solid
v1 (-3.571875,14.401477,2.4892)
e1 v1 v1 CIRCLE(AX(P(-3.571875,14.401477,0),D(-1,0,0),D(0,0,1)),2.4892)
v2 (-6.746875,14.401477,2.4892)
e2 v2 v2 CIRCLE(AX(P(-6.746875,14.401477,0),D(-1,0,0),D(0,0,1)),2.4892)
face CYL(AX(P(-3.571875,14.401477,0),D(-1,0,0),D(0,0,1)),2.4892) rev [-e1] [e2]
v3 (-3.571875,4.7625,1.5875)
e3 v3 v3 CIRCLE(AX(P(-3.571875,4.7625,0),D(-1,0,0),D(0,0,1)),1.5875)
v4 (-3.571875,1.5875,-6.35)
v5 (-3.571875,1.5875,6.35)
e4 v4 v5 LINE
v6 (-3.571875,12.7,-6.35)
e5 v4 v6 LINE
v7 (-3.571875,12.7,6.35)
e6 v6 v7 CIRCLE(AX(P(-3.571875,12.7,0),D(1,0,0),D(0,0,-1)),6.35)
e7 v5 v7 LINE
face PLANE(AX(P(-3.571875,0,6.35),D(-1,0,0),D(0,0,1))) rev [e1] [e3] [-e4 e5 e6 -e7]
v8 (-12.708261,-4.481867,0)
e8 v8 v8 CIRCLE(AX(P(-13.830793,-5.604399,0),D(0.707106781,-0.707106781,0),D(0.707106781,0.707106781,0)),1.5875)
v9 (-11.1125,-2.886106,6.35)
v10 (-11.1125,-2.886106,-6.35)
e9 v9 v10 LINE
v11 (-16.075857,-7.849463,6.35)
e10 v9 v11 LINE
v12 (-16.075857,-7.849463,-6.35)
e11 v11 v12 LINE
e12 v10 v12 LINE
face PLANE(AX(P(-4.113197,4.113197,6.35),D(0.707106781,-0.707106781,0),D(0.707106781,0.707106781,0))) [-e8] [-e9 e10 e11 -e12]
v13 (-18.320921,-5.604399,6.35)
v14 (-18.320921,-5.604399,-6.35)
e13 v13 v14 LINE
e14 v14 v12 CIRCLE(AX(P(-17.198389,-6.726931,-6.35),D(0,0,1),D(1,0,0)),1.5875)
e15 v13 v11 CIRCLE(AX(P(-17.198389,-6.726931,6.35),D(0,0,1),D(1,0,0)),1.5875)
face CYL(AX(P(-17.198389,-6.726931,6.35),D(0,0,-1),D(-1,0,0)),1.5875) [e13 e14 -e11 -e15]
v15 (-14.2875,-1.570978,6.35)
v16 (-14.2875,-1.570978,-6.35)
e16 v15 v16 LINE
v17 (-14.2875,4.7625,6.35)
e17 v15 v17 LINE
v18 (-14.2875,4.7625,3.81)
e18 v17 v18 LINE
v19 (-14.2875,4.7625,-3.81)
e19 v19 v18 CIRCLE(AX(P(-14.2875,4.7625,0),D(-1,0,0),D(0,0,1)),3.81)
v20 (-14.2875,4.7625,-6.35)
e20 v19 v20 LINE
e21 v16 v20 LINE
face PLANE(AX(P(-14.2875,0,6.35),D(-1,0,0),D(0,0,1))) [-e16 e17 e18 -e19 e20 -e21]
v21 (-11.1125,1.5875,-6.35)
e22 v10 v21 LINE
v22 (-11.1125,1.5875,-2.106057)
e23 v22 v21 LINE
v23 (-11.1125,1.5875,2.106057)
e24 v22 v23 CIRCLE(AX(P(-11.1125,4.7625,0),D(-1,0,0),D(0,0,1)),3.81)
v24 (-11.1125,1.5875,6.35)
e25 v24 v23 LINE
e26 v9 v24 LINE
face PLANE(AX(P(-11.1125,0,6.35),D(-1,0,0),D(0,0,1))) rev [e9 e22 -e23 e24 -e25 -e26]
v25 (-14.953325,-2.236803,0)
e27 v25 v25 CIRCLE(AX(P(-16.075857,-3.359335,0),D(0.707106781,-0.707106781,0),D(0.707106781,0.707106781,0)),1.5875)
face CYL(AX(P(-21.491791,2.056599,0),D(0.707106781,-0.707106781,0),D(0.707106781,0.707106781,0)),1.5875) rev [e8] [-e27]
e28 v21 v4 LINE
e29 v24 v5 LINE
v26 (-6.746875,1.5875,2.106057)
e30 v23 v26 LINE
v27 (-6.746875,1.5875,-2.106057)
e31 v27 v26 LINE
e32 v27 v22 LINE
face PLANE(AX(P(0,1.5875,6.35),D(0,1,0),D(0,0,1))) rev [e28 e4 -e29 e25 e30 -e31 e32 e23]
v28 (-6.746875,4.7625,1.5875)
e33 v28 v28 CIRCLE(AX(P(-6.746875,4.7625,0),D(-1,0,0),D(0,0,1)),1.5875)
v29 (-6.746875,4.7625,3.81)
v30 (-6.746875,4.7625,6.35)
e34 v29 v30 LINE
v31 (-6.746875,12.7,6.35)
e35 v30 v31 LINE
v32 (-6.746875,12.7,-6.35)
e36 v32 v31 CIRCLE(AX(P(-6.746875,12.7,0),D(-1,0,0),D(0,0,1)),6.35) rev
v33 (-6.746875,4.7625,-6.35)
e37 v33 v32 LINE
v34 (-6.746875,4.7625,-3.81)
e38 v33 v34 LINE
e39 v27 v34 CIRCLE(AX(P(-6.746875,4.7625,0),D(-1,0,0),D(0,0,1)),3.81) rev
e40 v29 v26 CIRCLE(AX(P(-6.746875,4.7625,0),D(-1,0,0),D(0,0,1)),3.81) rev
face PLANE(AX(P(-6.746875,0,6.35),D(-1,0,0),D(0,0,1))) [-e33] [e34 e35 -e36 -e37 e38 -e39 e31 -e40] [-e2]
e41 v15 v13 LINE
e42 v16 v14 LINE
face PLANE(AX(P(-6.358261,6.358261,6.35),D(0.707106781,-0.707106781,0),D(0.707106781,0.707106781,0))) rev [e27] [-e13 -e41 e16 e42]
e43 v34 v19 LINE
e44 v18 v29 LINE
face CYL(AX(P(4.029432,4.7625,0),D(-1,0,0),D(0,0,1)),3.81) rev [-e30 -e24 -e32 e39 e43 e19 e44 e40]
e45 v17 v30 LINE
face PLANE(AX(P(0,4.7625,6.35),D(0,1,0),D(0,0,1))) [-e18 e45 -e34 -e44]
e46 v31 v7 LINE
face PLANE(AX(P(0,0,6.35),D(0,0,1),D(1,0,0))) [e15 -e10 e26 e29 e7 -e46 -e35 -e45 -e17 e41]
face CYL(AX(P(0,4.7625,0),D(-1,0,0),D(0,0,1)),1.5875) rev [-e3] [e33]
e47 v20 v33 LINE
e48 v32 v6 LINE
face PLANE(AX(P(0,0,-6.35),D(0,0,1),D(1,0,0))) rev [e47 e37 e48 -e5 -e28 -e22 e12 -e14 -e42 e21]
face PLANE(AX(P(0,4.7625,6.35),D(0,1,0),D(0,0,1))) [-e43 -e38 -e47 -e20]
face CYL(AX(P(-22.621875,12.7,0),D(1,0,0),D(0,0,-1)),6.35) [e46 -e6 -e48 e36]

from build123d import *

# Parameters (mm, degrees)
BOSS_EXTRUDE1_DEPTH     = 6.35
SKETCH3_R               = 1.5875
CUT_EXTRUDE1_DEPTH      = 12.696129591
CUT_EXTRUDE1_DEPTH_BACK = 11.834286606
SKETCH4_W               = 3.175
SKETCH4_H               = 7.9375
BOSS_EXTRUDE3_DEPTH     = 6.35
SKETCH5_R               = 3.81
CUT_EXTRUDE2_DEPTH      = 7.540625
SKETCH6_R               = 1.5875
CUT_EXTRUDE3_DEPTH      = 15.2875
SKETCH7_W               = 3.571875
SKETCH7_H               = 3.175
CUT_EXTRUDE4_DEPTH      = 13.7
BOSS_EXTRUDE4_DEPTH     = 3.175
CUT_EXTRUDE5_DEPTH      = 13.039014125
CUT_EXTRUDE5_DEPTH_BACK = 4.175


with BuildPart() as part:
    # Sketch2 → Boss-Extrude1 (new body, symmetric)
    with BuildSketch(Plane.XY):
        with BuildLine():
            Line((-14.2875, -1.570977871), (-18.32092114, -5.604399011))
            ThreePointArc((-18.32092114, -5.604399011), (-18.32092114, -7.849463042), (-16.07585711, -7.849463042))
            Line((-16.07585711, -7.849463042), (-11.1125, -2.886105932))
            Line((-11.1125, -2.886105932), (-11.1125, 1.5875))
            Line((-11.1125, 1.5875), (0, 1.5875))
            Line((0, 1.5875), (0, 4.7625))
            Line((0, 4.7625), (-14.2875, 4.7625))
            Line((-14.2875, 4.7625), (-14.2875, -1.570977871))
        make_face()
    extrude(amount=BOSS_EXTRUDE1_DEPTH, both=True)

    # Sketch3 → Cut-Extrude1 (cut, two sides)
    with BuildSketch(Plane(origin=(-4.113197034, 4.113197034, 0), x_dir=(0, 0, -1), z_dir=(0.707106781, -0.707106781, 0))) as cut_extrude1_sk:
        with Locations((0, -13.742756121)):
            Circle(SKETCH3_R)
    extrude(amount=CUT_EXTRUDE1_DEPTH, mode=Mode.SUBTRACT)
    extrude(cut_extrude1_sk.sketch, amount=-CUT_EXTRUDE1_DEPTH_BACK, mode=Mode.SUBTRACT)

    # Sketch4 → Boss-Extrude3 (add, symmetric)
    with BuildSketch(Plane.XY):
        with Locations((-5.159375, 5.55625)):
            Rectangle(SKETCH4_W, SKETCH4_H)
    extrude(amount=BOSS_EXTRUDE3_DEPTH, both=True)

    # Sketch5 → Cut-Extrude2 (cut)
    with BuildSketch(Plane.ZY.offset(14.2875)):
        with Locations((0, 4.7625)):
            Circle(SKETCH5_R)
    extrude(amount=-CUT_EXTRUDE2_DEPTH, mode=Mode.SUBTRACT)

    # Sketch6 → Cut-Extrude3 (cut, through all)
    with BuildSketch(Plane.ZY.offset(14.2875)):
        with Locations((0, 4.7625)):
            Circle(SKETCH6_R)
    extrude(amount=-CUT_EXTRUDE3_DEPTH, mode=Mode.SUBTRACT)

    # Sketch7 → Cut-Extrude4 (cut, through all)
    with BuildSketch(Plane.XY.offset(6.35)):
        with Locations((-1.7859375, 3.175)):
            Rectangle(SKETCH7_W, SKETCH7_H)
    extrude(amount=-CUT_EXTRUDE4_DEPTH, mode=Mode.SUBTRACT)

    # Sketch8 → Boss-Extrude4 (add)
    with BuildSketch(Plane(origin=(-3.571875, 0, 0), x_dir=(0, 0, -1), z_dir=(1, 0, 0))):
        with BuildLine():
            ThreePointArc((6.35, 12.7), (0, 19.05), (-6.35, 12.7))
            ThreePointArc((-6.35, 12.7), (-6.133628997, 11.056499064), (-5.499261314, 9.525))
            Line((-5.499261314, 9.525), (5.499261314, 9.525))
            ThreePointArc((5.499261314, 9.525), (6.133628997, 11.056499064), (6.35, 12.7))
        make_face()
        with BuildLine():
            Line((5.499261314, 9.525), (-5.499261314, 9.525))
            ThreePointArc((-5.499261314, 9.525), (0, 6.35), (5.499261314, 9.525))
        make_face()
        with BuildLine():
            Line((-6.35, 12.7), (-6.35, 9.525))
            Line((-6.35, 9.525), (-5.499261314, 9.525))
            ThreePointArc((-5.499261314, 9.525), (-6.133628997, 11.056499064), (-6.35, 12.7))
        make_face()
        with BuildLine():
            Line((6.35, 9.525), (6.35, 12.7))
            ThreePointArc((6.35, 12.7), (6.133628997, 11.056499064), (5.499261314, 9.525))
            Line((5.499261314, 9.525), (6.35, 9.525))
        make_face()
    extrude(amount=-BOSS_EXTRUDE4_DEPTH)

    # Sketch9 → Cut-Extrude5 (cut, two sides)
    with BuildSketch(Plane.ZY.offset(6.746875)) as cut_extrude5_sk:
        with BuildLine():
            ThreePointArc((-2.404382567, 13.757225005), (0, 11.912277372), (2.404382567, 13.757225005))
            Line((2.404382567, 13.757225005), (0, 14.401477372))
            Line((0, 14.401477372), (-2.404382567, 13.757225005))
        make_face()
        with BuildLine():
            Line((0, 14.401477372), (2.404382567, 13.757225005))
            ThreePointArc((2.404382567, 13.757225005), (2.467904549, 14.076571574), (2.4892, 14.401477372))
            ThreePointArc((2.4892, 14.401477372), (2.467904549, 14.72638317), (2.404382567, 15.045729739))
            Line((2.404382567, 15.045729739), (0, 14.401477372))
        make_face()
        with BuildLine():
            Line((-2.404382567, 13.757225005), (0, 14.401477372))
            Line((0, 14.401477372), (-2.404382567, 15.045729739))
            ThreePointArc((-2.404382567, 15.045729739), (-2.4892, 14.401477372), (-2.404382567, 13.757225005))
        make_face()
        with BuildLine():
            Line((-2.404382567, 15.045729739), (0, 14.401477372))
            Line((0, 14.401477372), (2.404382567, 15.045729739))
            ThreePointArc((2.404382567, 15.045729739), (0, 16.890677372), (-2.404382567, 15.045729739))
        make_face()
    extrude(amount=CUT_EXTRUDE5_DEPTH, mode=Mode.SUBTRACT)
    extrude(cut_extrude5_sk.sketch, amount=-CUT_EXTRUDE5_DEPTH_BACK, mode=Mode.SUBTRACT)


solid = part.part
